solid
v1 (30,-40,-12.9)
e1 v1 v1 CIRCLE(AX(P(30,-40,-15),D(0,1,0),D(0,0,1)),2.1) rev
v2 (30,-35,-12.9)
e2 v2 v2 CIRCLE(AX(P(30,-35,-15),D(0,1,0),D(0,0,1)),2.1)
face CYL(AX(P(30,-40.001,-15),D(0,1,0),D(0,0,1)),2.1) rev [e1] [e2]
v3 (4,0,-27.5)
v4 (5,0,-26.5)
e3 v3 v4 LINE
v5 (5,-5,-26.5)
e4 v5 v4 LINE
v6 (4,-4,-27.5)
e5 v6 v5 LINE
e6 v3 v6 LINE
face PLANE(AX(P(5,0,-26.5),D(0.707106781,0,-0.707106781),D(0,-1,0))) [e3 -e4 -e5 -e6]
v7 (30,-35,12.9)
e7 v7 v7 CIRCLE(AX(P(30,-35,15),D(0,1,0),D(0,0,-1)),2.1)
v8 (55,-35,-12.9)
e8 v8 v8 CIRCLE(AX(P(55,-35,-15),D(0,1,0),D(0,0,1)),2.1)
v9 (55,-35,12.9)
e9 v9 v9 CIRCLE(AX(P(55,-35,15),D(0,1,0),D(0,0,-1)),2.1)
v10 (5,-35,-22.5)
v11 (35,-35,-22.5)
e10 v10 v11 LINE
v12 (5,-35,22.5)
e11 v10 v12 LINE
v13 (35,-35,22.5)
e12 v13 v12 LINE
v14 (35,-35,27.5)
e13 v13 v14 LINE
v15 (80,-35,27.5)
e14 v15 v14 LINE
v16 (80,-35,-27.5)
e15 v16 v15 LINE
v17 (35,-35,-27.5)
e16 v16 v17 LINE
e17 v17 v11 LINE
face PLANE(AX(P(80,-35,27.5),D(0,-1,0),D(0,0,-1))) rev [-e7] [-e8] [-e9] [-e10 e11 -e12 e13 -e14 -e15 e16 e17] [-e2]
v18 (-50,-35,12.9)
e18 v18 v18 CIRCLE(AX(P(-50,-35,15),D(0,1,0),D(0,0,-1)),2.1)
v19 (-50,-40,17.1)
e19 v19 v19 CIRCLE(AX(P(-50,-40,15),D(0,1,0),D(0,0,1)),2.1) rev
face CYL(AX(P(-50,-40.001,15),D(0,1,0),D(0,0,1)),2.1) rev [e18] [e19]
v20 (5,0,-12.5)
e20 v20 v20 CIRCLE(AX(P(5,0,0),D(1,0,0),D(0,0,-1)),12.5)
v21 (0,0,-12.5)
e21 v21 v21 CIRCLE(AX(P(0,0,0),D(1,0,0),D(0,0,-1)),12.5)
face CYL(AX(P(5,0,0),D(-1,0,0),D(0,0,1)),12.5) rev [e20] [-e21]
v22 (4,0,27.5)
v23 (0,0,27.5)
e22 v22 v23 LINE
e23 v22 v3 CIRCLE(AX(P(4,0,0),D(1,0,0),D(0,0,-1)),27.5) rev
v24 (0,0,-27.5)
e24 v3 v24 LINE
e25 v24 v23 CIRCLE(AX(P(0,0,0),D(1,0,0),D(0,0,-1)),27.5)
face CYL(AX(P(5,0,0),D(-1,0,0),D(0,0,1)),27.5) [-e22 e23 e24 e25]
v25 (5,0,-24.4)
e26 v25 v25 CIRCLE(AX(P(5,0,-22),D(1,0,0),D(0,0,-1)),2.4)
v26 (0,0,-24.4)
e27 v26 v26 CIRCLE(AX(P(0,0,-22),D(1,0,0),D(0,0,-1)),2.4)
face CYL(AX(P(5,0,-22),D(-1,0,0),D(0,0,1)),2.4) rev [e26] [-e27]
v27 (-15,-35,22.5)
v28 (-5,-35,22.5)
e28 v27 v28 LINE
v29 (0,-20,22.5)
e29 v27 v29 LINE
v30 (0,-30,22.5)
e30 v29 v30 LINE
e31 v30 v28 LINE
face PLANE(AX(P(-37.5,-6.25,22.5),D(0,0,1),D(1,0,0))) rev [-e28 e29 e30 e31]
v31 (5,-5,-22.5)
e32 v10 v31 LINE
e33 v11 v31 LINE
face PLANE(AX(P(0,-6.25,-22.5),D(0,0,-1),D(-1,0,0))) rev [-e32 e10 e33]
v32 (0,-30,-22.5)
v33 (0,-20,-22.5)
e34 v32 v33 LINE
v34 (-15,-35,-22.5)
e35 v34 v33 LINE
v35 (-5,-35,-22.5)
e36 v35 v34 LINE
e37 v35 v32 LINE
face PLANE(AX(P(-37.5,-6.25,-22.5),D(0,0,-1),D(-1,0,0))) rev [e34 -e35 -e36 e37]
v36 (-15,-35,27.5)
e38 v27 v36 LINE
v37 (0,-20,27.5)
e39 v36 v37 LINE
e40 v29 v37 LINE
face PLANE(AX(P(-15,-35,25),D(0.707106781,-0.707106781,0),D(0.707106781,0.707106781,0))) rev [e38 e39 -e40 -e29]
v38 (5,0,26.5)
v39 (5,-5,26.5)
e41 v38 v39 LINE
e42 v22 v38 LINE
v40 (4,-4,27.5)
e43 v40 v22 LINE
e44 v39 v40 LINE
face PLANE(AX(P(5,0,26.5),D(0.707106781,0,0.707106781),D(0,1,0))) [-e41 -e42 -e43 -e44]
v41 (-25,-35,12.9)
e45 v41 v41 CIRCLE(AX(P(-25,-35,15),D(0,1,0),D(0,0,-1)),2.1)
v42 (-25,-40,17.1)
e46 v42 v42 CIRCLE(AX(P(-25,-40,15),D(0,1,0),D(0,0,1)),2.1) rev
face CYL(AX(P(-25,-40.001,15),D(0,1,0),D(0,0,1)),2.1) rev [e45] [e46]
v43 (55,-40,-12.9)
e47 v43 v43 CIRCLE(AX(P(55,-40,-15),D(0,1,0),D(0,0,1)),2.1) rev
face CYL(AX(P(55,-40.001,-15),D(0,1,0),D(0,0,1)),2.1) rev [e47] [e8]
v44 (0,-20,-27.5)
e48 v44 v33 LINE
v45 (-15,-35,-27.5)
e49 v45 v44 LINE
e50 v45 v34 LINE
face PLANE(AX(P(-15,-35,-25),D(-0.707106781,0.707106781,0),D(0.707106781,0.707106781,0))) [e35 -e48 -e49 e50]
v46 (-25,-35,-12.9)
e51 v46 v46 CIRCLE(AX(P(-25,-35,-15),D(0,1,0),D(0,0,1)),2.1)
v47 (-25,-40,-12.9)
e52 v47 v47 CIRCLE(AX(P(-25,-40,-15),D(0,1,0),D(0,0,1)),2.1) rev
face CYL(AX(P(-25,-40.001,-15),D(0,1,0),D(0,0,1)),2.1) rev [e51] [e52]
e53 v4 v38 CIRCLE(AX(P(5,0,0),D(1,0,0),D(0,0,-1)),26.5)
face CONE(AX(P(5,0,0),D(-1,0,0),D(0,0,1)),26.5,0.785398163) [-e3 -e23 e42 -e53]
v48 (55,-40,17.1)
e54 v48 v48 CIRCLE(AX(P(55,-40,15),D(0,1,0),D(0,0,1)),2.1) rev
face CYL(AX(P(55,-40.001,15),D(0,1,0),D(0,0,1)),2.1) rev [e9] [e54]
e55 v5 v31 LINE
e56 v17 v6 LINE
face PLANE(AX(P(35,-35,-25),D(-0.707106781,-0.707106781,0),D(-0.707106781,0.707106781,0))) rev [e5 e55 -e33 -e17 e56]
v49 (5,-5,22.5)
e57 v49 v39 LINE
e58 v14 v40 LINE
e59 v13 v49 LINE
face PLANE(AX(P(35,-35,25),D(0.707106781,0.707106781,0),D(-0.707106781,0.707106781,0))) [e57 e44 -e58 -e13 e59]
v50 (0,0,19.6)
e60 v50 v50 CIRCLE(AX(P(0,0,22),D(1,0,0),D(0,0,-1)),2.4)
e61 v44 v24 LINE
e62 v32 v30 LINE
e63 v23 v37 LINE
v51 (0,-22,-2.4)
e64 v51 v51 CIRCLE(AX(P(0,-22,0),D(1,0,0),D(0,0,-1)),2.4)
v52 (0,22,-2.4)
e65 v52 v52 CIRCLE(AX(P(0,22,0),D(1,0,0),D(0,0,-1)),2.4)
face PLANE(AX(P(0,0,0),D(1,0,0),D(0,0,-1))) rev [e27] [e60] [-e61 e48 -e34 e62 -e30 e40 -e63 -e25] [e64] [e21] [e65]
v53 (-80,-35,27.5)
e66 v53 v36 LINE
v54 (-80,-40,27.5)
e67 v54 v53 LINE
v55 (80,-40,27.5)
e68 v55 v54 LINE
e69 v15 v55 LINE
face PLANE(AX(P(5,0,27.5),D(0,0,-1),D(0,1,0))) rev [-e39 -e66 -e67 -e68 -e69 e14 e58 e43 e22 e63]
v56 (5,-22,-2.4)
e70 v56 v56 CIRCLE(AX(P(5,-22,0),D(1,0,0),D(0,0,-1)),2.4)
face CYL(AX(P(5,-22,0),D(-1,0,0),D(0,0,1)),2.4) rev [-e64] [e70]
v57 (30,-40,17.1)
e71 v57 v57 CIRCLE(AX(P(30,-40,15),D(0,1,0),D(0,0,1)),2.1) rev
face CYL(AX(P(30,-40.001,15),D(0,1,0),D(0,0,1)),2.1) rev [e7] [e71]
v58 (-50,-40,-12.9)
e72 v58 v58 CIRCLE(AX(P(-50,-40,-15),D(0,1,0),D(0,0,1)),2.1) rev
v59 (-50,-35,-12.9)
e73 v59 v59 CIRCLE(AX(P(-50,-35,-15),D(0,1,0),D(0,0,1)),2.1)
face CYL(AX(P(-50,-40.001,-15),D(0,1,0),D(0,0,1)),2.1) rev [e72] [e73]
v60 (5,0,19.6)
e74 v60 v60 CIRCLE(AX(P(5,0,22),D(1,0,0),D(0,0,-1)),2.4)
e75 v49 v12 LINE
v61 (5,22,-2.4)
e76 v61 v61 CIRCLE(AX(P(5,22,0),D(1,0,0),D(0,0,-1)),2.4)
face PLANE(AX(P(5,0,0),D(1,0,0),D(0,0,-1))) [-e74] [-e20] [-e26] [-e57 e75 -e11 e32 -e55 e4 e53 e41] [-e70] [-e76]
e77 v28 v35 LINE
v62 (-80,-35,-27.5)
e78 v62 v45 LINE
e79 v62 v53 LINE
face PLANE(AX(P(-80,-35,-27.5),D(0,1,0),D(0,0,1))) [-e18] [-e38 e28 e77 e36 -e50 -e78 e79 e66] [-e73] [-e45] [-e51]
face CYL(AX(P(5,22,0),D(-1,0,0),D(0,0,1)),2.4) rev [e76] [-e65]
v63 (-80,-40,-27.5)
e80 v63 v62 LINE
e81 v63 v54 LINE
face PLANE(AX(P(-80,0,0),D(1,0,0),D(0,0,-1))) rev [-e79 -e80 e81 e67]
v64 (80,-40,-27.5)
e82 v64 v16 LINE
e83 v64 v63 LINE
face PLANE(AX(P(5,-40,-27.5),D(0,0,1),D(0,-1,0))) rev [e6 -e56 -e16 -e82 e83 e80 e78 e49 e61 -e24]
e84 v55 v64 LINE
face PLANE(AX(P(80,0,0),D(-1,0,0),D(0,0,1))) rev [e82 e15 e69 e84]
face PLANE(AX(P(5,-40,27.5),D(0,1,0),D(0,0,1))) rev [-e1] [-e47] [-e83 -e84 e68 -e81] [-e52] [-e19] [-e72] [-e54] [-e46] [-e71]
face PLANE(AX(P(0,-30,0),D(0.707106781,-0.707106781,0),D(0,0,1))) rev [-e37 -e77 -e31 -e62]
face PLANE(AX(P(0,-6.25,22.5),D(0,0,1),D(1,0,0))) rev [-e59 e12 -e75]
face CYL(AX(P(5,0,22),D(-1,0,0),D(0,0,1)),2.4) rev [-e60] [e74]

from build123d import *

# Parameters (mm, degrees)
SKETCH_1_R          = 12.5
SKETCH_1_R_2        = 2.4
EXTRUDE_1_DEPTH     = 5
SKETCH_2_W          = 55
SKETCH_2_H          = 5
EXTRUDE_2_DEPTH     = 80
RIB_1_REACH         = 105.712
SKETCH_3_WALL_W     = 230.637888562
SKETCH_3_WALL_H     = 5
CHAMFER_2_SIZE      = 5
SKETCH_4_W          = 55
SKETCH_4_H          = 5
EXTRUDE_3_DEPTH     = 75
RIB_6_REACH         = 105.712
SKETCH_5_WALL_W     = 251.851091998
SKETCH_5_WALL_H     = 5
CUT_EXTRUDE_1_REACH = 107.178
SKETCH_6_R          = 2.1
CHAMFER_3_SIZE      = 1


with BuildPart() as part:
    # 草图1 → 凸台-拉伸1 (new body)
    with BuildSketch(Plane(origin=(0, 0, 0), x_dir=(0, 0, -1), z_dir=(1, 0, 0))):
        with BuildLine():
            Line((-27.5, 0), (-27.5, -40))
            Line((-27.5, -40), (27.5, -40))
            Line((27.5, -40), (27.5, 0))
            ThreePointArc((27.5, 0), (0, 27.5), (-27.5, 0))
        make_face()
        Circle(SKETCH_1_R, mode=Mode.SUBTRACT)
        with Locations((0, 22)):
            Circle(SKETCH_1_R_2, mode=Mode.SUBTRACT)
        with Locations((22, 0)):
            Circle(SKETCH_1_R_2, mode=Mode.SUBTRACT)
        with Locations((0, -22)):
            Circle(SKETCH_1_R_2, mode=Mode.SUBTRACT)
        with Locations((-22, 0)):
            Circle(SKETCH_1_R_2, mode=Mode.SUBTRACT)
    extrude(amount=EXTRUDE_1_DEPTH)

    # 草图2 → 凸台-拉伸2 (add)
    with BuildSketch(Plane.ZY):
        with Locations((0, -37.5)):
            Rectangle(SKETCH_2_W, SKETCH_2_H)
    extrude(amount=EXTRUDE_2_DEPTH)

    # 草图3 wall → 筋1 (add, up to next)
    with BuildSketch(Plane(origin=(-7.5, -27.5, 25), x_dir=(0.707106781187, 0.707106781187, 0), z_dir=(-0.707106781187, 0.707106781187, 0)), mode=Mode.PRIVATE) as rib_1_sk1:
        Rectangle(SKETCH_3_WALL_W, SKETCH_3_WALL_H)
    rib_1_tool1 = extrude(rib_1_sk1.sketch, amount=-RIB_1_REACH, mode=Mode.PRIVATE) - part.part
    rib_1 = rib_1_tool1.solids().sort_by_distance((-7.5, -27.5, 25))[0]
    add(rib_1)

    # 镜向1: 筋1 across plane
    add(rib_1.mirror(Plane.XY))

    # 倒角2
    chamfer_2_edges = [part.edges().sort_by_distance(p)[0] for p in [
        (0, -35, 0),
    ]]
    chamfer(chamfer_2_edges, length=CHAMFER_2_SIZE)

    # 草图4 → 凸台-拉伸3 (add)
    with BuildSketch(Plane(origin=(5, 0, 0), x_dir=(0, 0, -1), z_dir=(1, 0, 0))):
        with Locations((0, -37.5)):
            Rectangle(SKETCH_4_W, SKETCH_4_H)
    extrude(amount=EXTRUDE_3_DEPTH)

    # 草图5 wall → 筋6 (add, up to next)
    with BuildSketch(Plane(origin=(20, -20, 25), x_dir=(-0.707106781187, 0.707106781187, 0), z_dir=(-0.707106781187, -0.707106781187, 0)), mode=Mode.PRIVATE) as rib_6_sk1:
        Rectangle(SKETCH_5_WALL_W, SKETCH_5_WALL_H)
    rib_6_tool1 = extrude(rib_6_sk1.sketch, amount=RIB_6_REACH, mode=Mode.PRIVATE) - part.part
    rib_6 = rib_6_tool1.solids().sort_by_distance((20, -20, 25))[0]
    add(rib_6)

    # 镜向2: 筋6 across plane
    add(rib_6.mirror(Plane.XY))

    # 草图6 → 切除-拉伸1 (cut, up to next)
    with BuildSketch(Plane(origin=(0, -35, 0), x_dir=(1, 0, 0), z_dir=(0, 1, 0)), mode=Mode.PRIVATE) as cut_extrude_1_sk1:
        with Locations(Location((30, 15, 0), (0, 0, 270))):
            Circle(SKETCH_6_R)
    cut_extrude_1_tool1 = extrude(cut_extrude_1_sk1.sketch, amount=-CUT_EXTRUDE_1_REACH, mode=Mode.PRIVATE) & part.part
    # 草图6 → 切除-拉伸1 (cut, up to next)
    with BuildSketch(Plane(origin=(0, -35, 0), x_dir=(1, 0, 0), z_dir=(0, 1, 0)), mode=Mode.PRIVATE) as cut_extrude_1_sk2:
        with Locations(Location((55, 15, 0), (0, 0, 270))):
            Circle(SKETCH_6_R)
    cut_extrude_1_tool2 = extrude(cut_extrude_1_sk2.sketch, amount=-CUT_EXTRUDE_1_REACH, mode=Mode.PRIVATE) & part.part
    # 草图6 → 切除-拉伸1 (cut, up to next)
    with BuildSketch(Plane(origin=(0, -35, 0), x_dir=(1, 0, 0), z_dir=(0, 1, 0)), mode=Mode.PRIVATE) as cut_extrude_1_sk3:
        with Locations(Location((-50, 15, 0), (0, 0, 270))):
            Circle(SKETCH_6_R)
    cut_extrude_1_tool3 = extrude(cut_extrude_1_sk3.sketch, amount=-CUT_EXTRUDE_1_REACH, mode=Mode.PRIVATE) & part.part
    # 草图6 → 切除-拉伸1 (cut, up to next)
    with BuildSketch(Plane(origin=(0, -35, 0), x_dir=(1, 0, 0), z_dir=(0, 1, 0)), mode=Mode.PRIVATE) as cut_extrude_1_sk4:
        with Locations(Location((-25, 15, 0), (0, 0, 270))):
            Circle(SKETCH_6_R)
    cut_extrude_1_tool4 = extrude(cut_extrude_1_sk4.sketch, amount=-CUT_EXTRUDE_1_REACH, mode=Mode.PRIVATE) & part.part
    # 草图6 → 切除-拉伸1 (cut, up to next)
    with BuildSketch(Plane(origin=(0, -35, 0), x_dir=(1, 0, 0), z_dir=(0, 1, 0)), mode=Mode.PRIVATE) as cut_extrude_1_sk5:
        with Locations(Location((55, -15, 0), (0, 0, 270))):
            Circle(SKETCH_6_R)
    cut_extrude_1_tool5 = extrude(cut_extrude_1_sk5.sketch, amount=-CUT_EXTRUDE_1_REACH, mode=Mode.PRIVATE) & part.part
    # 草图6 → 切除-拉伸1 (cut, up to next)
    with BuildSketch(Plane(origin=(0, -35, 0), x_dir=(1, 0, 0), z_dir=(0, 1, 0)), mode=Mode.PRIVATE) as cut_extrude_1_sk6:
        with Locations(Location((30, -15, 0), (0, 0, 270))):
            Circle(SKETCH_6_R)
    cut_extrude_1_tool6 = extrude(cut_extrude_1_sk6.sketch, amount=-CUT_EXTRUDE_1_REACH, mode=Mode.PRIVATE) & part.part
    # 草图6 → 切除-拉伸1 (cut, up to next)
    with BuildSketch(Plane(origin=(0, -35, 0), x_dir=(1, 0, 0), z_dir=(0, 1, 0)), mode=Mode.PRIVATE) as cut_extrude_1_sk7:
        with Locations(Location((-25, -15, 0), (0, 0, 270))):
            Circle(SKETCH_6_R)
    cut_extrude_1_tool7 = extrude(cut_extrude_1_sk7.sketch, amount=-CUT_EXTRUDE_1_REACH, mode=Mode.PRIVATE) & part.part
    # 草图6 → 切除-拉伸1 (cut, up to next)
    with BuildSketch(Plane(origin=(0, -35, 0), x_dir=(1, 0, 0), z_dir=(0, 1, 0)), mode=Mode.PRIVATE) as cut_extrude_1_sk8:
        with Locations(Location((-50, -15, 0), (0, 0, 270))):
            Circle(SKETCH_6_R)
    cut_extrude_1_tool8 = extrude(cut_extrude_1_sk8.sketch, amount=-CUT_EXTRUDE_1_REACH, mode=Mode.PRIVATE) & part.part
    add(cut_extrude_1_tool1.solids().sort_by_distance((30, -35, -15))[0], mode=Mode.SUBTRACT)
    add(cut_extrude_1_tool2.solids().sort_by_distance((55, -35, -15))[0], mode=Mode.SUBTRACT)
    add(cut_extrude_1_tool3.solids().sort_by_distance((-50, -35, -15))[0], mode=Mode.SUBTRACT)
    add(cut_extrude_1_tool4.solids().sort_by_distance((-25, -35, -15))[0], mode=Mode.SUBTRACT)
    add(cut_extrude_1_tool5.solids().sort_by_distance((55, -35, 15))[0], mode=Mode.SUBTRACT)
    add(cut_extrude_1_tool6.solids().sort_by_distance((30, -35, 15))[0], mode=Mode.SUBTRACT)
    add(cut_extrude_1_tool7.solids().sort_by_distance((-25, -35, 15))[0], mode=Mode.SUBTRACT)
    add(cut_extrude_1_tool8.solids().sort_by_distance((-50, -35, 15))[0], mode=Mode.SUBTRACT)

    # 倒角3
    chamfer_3_edges = [part.edges().sort_by_distance(p)[0] for p in [
        (5, -2.5, -27.5),
        (5, 27.5, 0),
        (5, -2.5, 27.5),
    ]]
    chamfer(chamfer_3_edges, length=CHAMFER_3_SIZE)


solid = part.part
